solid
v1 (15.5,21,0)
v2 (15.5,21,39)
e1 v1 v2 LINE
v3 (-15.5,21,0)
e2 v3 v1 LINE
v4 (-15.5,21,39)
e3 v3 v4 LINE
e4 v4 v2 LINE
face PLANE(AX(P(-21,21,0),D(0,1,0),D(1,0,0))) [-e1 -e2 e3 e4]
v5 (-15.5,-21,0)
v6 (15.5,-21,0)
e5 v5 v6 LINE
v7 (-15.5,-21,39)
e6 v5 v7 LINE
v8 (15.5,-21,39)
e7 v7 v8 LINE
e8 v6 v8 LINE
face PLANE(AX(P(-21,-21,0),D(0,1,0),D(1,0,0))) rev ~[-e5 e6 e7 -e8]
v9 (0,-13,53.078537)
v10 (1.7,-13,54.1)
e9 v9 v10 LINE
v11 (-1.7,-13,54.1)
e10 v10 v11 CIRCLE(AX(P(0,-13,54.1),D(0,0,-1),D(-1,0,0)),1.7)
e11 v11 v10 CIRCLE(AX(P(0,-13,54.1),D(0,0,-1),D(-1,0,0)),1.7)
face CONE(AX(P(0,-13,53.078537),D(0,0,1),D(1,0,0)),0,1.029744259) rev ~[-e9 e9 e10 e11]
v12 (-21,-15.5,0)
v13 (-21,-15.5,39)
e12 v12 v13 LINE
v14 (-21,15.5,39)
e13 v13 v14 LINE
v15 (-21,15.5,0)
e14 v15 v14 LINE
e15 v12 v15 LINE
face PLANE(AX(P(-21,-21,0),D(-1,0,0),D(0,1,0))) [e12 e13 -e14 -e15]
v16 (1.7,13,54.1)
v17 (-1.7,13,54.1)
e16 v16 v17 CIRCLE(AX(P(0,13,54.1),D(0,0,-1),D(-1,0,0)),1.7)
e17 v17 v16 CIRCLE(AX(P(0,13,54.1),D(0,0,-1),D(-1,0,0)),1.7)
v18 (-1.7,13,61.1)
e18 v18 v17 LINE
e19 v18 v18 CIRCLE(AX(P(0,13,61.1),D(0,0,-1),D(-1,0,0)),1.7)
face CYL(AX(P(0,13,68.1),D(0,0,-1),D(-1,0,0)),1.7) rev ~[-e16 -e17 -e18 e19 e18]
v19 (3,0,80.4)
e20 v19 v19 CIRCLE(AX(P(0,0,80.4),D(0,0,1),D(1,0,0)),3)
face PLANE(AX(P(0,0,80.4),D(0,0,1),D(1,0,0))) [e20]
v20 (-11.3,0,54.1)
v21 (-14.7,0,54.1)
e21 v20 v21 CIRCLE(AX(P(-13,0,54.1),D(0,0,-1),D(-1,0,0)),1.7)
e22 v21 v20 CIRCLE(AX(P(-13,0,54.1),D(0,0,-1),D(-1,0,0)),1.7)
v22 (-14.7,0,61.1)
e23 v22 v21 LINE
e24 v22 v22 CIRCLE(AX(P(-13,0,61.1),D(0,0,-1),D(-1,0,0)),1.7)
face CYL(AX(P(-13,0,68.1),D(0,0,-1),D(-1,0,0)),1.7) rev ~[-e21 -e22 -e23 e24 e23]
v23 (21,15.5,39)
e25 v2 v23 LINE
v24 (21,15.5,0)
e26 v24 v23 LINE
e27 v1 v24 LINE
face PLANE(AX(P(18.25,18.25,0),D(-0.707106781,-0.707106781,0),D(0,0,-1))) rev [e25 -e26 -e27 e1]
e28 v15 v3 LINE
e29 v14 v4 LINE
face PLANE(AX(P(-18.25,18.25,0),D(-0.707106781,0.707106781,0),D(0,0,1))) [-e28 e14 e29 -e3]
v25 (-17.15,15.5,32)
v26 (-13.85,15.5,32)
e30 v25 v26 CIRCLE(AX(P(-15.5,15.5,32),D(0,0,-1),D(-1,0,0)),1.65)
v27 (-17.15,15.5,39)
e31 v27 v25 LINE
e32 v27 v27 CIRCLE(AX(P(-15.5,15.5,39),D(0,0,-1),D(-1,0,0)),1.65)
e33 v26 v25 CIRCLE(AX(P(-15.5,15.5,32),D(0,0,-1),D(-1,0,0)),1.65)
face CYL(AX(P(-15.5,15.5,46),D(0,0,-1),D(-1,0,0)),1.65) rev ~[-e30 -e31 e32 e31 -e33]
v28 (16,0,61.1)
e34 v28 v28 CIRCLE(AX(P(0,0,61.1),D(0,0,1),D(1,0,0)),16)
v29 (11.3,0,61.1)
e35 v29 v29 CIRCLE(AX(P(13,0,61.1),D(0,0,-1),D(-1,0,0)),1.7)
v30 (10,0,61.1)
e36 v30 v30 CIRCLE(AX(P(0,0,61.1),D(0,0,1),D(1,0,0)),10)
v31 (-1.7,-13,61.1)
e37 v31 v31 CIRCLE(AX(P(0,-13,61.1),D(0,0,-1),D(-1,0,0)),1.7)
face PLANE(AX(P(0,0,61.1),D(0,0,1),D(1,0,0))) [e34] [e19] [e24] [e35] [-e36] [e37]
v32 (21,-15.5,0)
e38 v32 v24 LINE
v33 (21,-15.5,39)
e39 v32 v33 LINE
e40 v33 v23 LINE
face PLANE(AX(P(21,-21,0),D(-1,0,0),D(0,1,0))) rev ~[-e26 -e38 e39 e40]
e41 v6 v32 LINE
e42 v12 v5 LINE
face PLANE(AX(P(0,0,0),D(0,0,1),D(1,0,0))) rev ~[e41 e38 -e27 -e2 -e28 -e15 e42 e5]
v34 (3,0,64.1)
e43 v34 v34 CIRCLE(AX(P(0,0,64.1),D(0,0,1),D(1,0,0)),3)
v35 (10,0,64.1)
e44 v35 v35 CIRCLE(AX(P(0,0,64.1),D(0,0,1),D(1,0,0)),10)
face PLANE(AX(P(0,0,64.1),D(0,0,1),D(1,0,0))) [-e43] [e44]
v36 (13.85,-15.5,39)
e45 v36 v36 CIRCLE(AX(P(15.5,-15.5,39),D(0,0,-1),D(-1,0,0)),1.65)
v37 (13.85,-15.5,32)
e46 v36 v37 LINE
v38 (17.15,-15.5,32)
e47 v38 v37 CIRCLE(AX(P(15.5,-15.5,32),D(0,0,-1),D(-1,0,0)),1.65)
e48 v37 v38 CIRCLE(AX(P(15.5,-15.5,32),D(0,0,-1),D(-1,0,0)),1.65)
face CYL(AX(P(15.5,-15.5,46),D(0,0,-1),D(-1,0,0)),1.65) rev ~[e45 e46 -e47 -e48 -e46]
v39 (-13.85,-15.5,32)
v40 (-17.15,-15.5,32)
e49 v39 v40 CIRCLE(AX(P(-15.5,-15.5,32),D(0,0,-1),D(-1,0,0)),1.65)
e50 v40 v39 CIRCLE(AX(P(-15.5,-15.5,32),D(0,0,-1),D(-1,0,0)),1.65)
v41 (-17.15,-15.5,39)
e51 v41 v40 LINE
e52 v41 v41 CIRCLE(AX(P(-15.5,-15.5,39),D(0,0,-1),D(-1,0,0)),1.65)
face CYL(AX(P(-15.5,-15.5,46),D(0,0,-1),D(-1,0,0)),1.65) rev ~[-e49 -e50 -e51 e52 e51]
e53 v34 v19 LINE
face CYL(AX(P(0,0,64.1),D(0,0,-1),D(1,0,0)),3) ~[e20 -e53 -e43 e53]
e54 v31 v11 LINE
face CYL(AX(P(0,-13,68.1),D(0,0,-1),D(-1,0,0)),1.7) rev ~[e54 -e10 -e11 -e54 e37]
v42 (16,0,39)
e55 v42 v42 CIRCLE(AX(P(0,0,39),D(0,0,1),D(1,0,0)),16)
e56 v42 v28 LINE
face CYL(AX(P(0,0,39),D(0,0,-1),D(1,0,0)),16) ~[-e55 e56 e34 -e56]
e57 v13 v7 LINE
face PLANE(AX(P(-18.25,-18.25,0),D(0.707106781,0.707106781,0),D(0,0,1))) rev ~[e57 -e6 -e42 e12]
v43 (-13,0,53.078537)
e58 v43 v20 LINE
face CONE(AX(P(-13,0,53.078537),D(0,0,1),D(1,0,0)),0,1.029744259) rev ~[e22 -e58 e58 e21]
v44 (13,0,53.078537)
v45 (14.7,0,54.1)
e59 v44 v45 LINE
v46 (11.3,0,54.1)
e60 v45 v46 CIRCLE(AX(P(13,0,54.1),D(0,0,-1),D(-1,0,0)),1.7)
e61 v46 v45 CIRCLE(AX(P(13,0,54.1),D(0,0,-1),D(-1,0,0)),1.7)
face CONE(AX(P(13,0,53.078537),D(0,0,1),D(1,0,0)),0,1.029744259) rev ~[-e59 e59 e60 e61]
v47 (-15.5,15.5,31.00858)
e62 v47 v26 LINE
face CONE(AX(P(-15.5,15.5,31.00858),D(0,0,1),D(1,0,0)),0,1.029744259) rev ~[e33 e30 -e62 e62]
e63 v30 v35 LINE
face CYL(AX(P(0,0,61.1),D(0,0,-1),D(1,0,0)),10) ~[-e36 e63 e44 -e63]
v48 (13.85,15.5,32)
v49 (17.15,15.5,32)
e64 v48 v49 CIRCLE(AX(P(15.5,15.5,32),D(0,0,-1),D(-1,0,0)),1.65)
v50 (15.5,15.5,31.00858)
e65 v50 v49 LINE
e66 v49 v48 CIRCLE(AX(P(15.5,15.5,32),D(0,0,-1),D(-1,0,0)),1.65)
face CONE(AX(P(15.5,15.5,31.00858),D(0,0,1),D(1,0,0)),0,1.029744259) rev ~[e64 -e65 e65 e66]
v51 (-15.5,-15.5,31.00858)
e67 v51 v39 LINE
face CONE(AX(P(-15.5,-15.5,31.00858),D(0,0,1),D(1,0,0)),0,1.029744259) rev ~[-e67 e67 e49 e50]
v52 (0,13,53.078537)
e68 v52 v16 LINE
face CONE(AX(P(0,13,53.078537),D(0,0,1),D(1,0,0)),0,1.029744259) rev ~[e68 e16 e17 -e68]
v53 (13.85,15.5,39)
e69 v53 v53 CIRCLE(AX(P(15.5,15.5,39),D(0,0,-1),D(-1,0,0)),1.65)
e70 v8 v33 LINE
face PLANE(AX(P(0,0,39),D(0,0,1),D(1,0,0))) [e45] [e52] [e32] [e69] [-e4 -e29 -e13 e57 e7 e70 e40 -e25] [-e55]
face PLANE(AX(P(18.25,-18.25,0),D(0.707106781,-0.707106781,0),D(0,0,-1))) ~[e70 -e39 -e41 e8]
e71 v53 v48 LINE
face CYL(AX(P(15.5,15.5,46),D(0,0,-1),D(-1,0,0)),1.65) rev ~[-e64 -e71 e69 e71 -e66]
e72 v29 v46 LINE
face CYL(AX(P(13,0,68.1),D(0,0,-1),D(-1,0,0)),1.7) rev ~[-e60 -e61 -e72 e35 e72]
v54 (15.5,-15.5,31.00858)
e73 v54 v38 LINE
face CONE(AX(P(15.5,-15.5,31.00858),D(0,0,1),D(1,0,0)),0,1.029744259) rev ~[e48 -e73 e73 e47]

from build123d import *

# Parameters (mm, degrees)
F0_W      = 42
F0_H      = 42
F1_DEPTH  = 39
F2_R      = 16
F3_DEPTH  = 22.1
F4_R      = 10
F5_DEPTH  = 3
F6_R      = 3
F7_DEPTH  = 16.3
F8_SIZE   = 5.5
F10_D     = 3.3
F10_DEPTH = 7
F10_TIP   = 0.9914200214
F12_D     = 3.4
F12_DEPTH = 7
F12_TIP   = 1.0214630523


with BuildPart() as f1:
    # F0 (on Top) → F1 (new body)
    with BuildSketch(Plane.XY):
        Rectangle(F0_W, F0_H)
    extrude(amount=F1_DEPTH)

    # F2 (on face) → F3 (join)
    with BuildSketch(Plane.XY.offset(39)):
        Circle(F2_R)
    extrude(amount=F3_DEPTH)

    # F4 (on face) → F5 (join)
    with BuildSketch(Plane.XY.offset(61.1)):
        Circle(F4_R)
    extrude(amount=F5_DEPTH)

    # F6 (on face) → F7 (join)
    with BuildSketch(Plane.XY.offset(64.1)):
        Circle(F6_R)
    extrude(amount=F7_DEPTH)

    # F8
    f8_edges = [f1.edges().sort_by_distance(p)[0] for p in [
        (-21, 21, 19.5),
        (21, 21, 19.5),
        (21, -21, 19.5),
        (-21, -21, 19.5),
    ]]
    chamfer(f8_edges, length=F8_SIZE)

    # F10
    with Locations(Plane.XY.offset(39)):
        with Locations((-15.5, 15.5), (15.5, 15.5), (15.5, -15.5), (-15.5, -15.5)):
            Hole(F10_D / 2, depth=F10_DEPTH)
            with Locations((0, 0, -(F10_DEPTH + F10_TIP / 2))):  # 118° drill point
                Cone(0, F10_D / 2, F10_TIP, mode=Mode.SUBTRACT)

    # F12
    with Locations(Plane.XY.offset(61.1)):
        with Locations((0, 13), (-13, 0), (0, -13), (13, 0)):
            Hole(F12_D / 2, depth=F12_DEPTH)
            with Locations((0, 0, -(F12_DEPTH + F12_TIP / 2))):  # 118° drill point
                Cone(0, F12_D / 2, F12_TIP, mode=Mode.SUBTRACT)


solid = f1.part
